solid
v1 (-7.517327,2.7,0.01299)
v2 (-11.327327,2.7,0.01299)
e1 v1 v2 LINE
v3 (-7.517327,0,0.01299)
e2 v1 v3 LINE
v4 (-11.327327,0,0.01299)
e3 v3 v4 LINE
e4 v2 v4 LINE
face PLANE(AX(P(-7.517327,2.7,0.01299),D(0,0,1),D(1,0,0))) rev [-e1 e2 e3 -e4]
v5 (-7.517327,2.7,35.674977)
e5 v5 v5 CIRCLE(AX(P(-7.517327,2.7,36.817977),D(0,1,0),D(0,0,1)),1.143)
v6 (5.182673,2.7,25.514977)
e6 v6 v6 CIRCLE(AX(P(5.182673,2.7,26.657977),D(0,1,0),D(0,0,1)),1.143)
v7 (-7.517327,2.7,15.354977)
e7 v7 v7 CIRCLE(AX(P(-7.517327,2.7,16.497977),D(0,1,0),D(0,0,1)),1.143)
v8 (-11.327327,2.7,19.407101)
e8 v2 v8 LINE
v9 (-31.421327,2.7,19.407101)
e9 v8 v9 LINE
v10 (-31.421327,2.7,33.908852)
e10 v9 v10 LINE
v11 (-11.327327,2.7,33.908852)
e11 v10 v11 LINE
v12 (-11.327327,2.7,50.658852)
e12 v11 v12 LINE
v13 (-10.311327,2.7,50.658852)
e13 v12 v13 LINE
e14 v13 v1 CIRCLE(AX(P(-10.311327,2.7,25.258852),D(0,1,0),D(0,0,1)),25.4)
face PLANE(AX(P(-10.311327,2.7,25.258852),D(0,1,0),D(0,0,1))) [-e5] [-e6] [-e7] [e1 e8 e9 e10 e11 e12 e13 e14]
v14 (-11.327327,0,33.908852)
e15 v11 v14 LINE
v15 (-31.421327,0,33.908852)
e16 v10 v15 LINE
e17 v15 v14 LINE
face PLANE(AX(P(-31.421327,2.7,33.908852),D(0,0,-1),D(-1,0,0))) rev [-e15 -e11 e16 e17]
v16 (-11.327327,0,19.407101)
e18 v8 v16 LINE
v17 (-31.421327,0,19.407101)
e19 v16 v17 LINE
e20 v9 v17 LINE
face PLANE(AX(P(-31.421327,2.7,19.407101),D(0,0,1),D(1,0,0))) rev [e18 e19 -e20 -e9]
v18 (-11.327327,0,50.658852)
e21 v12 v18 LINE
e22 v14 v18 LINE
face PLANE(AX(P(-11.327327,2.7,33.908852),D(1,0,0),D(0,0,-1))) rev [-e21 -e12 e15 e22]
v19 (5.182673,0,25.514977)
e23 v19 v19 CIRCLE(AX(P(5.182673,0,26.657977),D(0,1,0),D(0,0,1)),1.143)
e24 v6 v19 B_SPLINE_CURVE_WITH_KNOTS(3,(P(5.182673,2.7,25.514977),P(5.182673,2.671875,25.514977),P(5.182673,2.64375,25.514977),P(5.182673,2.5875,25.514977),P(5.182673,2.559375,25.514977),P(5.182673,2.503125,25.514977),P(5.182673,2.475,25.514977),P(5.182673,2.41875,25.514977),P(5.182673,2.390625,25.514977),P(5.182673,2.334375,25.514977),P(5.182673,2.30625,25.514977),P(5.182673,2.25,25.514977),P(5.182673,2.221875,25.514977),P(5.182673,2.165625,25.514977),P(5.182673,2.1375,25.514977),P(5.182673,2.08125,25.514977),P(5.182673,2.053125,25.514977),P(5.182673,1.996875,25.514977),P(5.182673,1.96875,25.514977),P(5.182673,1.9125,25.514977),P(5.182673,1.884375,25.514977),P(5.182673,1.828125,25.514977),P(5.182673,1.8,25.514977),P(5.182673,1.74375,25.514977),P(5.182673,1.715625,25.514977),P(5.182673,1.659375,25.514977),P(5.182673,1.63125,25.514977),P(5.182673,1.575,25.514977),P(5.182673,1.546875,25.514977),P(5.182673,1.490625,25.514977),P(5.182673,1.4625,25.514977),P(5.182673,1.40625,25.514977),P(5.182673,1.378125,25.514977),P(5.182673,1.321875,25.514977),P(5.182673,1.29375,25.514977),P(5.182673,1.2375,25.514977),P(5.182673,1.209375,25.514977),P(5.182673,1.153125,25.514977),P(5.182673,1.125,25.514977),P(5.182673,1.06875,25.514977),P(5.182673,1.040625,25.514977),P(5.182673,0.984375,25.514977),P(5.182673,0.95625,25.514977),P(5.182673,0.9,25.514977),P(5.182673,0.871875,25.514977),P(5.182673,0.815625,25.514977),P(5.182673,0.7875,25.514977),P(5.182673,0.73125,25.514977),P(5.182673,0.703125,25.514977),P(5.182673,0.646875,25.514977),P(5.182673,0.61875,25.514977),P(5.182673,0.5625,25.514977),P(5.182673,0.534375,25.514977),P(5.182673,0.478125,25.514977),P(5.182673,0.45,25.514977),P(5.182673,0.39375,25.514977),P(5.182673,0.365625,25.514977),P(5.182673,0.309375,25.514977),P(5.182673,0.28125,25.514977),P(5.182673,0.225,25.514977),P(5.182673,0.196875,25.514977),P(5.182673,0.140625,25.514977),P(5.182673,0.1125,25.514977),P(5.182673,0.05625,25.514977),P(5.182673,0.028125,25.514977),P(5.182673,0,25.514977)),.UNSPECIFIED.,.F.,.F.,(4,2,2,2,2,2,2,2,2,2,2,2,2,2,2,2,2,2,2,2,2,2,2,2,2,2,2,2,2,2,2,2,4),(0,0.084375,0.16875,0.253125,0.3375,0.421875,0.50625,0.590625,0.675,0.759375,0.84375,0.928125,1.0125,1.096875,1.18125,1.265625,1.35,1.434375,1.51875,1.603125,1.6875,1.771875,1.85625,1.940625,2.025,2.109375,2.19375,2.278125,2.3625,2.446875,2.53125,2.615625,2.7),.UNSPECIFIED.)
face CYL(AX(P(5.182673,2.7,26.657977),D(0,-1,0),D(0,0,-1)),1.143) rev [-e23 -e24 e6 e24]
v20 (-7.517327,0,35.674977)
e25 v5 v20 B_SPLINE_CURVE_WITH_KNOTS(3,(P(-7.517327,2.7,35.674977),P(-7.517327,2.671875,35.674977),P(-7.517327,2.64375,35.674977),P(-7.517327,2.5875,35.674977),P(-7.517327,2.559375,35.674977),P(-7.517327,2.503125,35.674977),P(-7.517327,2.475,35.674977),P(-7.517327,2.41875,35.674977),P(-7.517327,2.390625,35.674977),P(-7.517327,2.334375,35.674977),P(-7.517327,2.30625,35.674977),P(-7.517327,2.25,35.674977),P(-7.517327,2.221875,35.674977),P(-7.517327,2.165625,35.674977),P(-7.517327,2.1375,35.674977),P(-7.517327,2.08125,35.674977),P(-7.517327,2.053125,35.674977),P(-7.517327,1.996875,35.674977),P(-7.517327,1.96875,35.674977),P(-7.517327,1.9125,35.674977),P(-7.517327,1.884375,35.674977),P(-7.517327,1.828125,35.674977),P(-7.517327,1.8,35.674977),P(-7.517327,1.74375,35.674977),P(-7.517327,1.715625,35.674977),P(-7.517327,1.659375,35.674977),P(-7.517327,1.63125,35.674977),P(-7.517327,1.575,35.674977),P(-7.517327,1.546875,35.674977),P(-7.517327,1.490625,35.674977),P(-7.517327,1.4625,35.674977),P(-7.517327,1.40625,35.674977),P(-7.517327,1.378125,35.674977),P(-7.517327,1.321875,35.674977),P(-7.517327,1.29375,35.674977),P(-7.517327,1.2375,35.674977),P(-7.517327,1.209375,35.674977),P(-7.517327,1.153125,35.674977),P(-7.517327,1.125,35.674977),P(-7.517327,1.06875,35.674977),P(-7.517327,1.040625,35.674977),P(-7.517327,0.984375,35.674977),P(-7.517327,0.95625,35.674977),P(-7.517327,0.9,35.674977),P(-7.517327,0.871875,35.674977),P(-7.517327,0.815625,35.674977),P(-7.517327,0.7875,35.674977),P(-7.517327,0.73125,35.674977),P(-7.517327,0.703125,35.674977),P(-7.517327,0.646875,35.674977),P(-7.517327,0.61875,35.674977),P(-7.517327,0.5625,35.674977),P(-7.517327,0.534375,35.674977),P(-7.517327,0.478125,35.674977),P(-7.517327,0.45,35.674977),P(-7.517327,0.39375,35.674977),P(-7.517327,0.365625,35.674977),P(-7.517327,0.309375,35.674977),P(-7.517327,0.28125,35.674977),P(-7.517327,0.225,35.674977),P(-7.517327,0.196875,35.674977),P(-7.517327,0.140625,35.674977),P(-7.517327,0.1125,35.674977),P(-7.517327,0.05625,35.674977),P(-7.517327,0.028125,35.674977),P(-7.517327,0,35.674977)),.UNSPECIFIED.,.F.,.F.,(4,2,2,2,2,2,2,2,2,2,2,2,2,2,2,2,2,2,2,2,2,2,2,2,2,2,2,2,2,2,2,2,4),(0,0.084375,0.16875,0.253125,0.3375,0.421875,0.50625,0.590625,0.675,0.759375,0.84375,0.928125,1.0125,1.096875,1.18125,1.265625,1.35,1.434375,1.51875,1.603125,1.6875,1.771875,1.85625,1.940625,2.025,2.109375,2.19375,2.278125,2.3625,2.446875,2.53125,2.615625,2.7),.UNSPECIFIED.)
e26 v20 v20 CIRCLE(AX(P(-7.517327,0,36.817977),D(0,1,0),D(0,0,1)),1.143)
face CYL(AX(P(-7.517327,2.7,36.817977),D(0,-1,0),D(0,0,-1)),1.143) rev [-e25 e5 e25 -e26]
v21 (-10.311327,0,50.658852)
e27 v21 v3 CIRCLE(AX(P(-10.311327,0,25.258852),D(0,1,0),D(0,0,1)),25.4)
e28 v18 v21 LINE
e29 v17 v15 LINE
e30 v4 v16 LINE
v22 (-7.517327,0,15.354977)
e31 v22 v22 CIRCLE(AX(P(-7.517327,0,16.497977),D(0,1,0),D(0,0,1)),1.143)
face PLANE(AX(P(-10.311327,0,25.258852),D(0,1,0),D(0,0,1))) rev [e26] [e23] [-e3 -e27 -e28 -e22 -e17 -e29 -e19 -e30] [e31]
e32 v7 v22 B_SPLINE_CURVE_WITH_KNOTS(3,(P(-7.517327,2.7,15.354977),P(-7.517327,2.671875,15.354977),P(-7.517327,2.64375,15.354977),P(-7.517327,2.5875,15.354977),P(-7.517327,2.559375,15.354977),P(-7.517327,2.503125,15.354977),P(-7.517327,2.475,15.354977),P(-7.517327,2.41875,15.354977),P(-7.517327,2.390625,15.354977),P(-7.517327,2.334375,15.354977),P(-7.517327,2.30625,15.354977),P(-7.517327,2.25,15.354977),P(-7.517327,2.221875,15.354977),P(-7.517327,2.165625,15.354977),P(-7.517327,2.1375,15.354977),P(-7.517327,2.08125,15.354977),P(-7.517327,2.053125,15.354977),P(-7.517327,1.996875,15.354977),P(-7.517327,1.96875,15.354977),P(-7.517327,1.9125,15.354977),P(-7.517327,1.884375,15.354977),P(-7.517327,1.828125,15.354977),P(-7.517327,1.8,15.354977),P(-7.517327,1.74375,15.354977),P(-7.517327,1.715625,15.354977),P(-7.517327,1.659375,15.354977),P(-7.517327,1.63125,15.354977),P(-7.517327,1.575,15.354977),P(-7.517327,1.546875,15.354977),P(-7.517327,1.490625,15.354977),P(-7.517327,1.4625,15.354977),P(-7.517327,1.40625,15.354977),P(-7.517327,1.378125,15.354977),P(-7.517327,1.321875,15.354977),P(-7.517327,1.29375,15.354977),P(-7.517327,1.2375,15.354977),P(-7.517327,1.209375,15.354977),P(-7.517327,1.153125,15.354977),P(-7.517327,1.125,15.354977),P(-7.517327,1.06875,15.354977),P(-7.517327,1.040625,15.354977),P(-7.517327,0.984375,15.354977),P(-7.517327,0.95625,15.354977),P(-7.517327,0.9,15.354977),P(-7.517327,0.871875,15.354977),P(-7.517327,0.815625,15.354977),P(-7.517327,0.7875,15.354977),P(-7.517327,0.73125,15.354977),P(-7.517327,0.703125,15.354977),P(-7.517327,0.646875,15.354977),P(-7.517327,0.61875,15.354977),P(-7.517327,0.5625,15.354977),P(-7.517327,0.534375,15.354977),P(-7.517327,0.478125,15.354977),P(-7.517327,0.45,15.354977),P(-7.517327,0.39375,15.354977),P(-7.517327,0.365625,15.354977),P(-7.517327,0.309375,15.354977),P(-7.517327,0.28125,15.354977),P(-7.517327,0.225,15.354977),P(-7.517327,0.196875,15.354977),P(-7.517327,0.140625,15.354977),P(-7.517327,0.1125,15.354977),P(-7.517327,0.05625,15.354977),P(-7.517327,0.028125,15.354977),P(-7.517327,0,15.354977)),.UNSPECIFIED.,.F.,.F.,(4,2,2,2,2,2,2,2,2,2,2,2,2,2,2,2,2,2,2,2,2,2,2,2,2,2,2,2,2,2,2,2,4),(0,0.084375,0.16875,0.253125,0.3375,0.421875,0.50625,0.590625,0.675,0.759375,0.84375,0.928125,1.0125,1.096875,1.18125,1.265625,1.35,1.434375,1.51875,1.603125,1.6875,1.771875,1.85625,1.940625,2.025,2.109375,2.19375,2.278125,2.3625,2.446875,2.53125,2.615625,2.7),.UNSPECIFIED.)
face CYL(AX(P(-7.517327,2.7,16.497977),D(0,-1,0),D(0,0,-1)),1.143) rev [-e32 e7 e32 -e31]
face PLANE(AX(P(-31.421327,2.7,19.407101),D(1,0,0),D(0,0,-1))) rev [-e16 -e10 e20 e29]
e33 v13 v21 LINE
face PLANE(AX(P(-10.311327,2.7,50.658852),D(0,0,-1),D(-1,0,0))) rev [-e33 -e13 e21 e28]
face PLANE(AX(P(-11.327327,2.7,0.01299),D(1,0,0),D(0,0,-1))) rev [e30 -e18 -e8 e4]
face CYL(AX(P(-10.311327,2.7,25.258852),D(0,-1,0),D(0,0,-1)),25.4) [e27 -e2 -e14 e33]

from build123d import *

# Parameters (mm, degrees)
SKETCH1_R           = 1.143
BOSS_EXTRUDE1_DEPTH = 2.7


with BuildPart() as part:
    # Sketch1 → Boss-Extrude1 (new body)
    with BuildSketch(Plane(origin=(0, 0, 0), x_dir=(1, 0, 0), z_dir=(0, 1, 0))):
        with BuildLine():
            Line((-11.327327395, -33.908852397), (-11.327327395, -50.658852397))
            Line((-11.327327395, -50.658852397), (-10.311327339, -50.658852397))
            ThreePointArc((-10.311327339, -50.658852397), (15.050108966, -26.657976598), (-7.517327395, -0.012990077))
            Line((-7.517327395, -0.012990077), (-11.327327395, -0.012990077))
            Line((-11.327327395, -0.012990077), (-11.327327395, -19.407100798))
            Line((-11.327327395, -19.407100798), (-31.421327339, -19.407100798))
            Line((-31.421327339, -19.407100798), (-31.421327339, -33.908852397))
            Line((-31.421327339, -33.908852397), (-11.327327395, -33.908852397))
        make_face()
        with Locations(Location((-7.517327395, -16.497976598, 0), (0, 0, 90))):
            Circle(SKETCH1_R, mode=Mode.SUBTRACT)
        with Locations(Location((-7.517327395, -36.817976598, 0), (0, 0, 90))):
            Circle(SKETCH1_R, mode=Mode.SUBTRACT)
        with Locations(Location((5.182672605, -26.657976598, 0), (0, 0, 90))):
            Circle(SKETCH1_R, mode=Mode.SUBTRACT)
    extrude(amount=BOSS_EXTRUDE1_DEPTH)


solid = part.part
